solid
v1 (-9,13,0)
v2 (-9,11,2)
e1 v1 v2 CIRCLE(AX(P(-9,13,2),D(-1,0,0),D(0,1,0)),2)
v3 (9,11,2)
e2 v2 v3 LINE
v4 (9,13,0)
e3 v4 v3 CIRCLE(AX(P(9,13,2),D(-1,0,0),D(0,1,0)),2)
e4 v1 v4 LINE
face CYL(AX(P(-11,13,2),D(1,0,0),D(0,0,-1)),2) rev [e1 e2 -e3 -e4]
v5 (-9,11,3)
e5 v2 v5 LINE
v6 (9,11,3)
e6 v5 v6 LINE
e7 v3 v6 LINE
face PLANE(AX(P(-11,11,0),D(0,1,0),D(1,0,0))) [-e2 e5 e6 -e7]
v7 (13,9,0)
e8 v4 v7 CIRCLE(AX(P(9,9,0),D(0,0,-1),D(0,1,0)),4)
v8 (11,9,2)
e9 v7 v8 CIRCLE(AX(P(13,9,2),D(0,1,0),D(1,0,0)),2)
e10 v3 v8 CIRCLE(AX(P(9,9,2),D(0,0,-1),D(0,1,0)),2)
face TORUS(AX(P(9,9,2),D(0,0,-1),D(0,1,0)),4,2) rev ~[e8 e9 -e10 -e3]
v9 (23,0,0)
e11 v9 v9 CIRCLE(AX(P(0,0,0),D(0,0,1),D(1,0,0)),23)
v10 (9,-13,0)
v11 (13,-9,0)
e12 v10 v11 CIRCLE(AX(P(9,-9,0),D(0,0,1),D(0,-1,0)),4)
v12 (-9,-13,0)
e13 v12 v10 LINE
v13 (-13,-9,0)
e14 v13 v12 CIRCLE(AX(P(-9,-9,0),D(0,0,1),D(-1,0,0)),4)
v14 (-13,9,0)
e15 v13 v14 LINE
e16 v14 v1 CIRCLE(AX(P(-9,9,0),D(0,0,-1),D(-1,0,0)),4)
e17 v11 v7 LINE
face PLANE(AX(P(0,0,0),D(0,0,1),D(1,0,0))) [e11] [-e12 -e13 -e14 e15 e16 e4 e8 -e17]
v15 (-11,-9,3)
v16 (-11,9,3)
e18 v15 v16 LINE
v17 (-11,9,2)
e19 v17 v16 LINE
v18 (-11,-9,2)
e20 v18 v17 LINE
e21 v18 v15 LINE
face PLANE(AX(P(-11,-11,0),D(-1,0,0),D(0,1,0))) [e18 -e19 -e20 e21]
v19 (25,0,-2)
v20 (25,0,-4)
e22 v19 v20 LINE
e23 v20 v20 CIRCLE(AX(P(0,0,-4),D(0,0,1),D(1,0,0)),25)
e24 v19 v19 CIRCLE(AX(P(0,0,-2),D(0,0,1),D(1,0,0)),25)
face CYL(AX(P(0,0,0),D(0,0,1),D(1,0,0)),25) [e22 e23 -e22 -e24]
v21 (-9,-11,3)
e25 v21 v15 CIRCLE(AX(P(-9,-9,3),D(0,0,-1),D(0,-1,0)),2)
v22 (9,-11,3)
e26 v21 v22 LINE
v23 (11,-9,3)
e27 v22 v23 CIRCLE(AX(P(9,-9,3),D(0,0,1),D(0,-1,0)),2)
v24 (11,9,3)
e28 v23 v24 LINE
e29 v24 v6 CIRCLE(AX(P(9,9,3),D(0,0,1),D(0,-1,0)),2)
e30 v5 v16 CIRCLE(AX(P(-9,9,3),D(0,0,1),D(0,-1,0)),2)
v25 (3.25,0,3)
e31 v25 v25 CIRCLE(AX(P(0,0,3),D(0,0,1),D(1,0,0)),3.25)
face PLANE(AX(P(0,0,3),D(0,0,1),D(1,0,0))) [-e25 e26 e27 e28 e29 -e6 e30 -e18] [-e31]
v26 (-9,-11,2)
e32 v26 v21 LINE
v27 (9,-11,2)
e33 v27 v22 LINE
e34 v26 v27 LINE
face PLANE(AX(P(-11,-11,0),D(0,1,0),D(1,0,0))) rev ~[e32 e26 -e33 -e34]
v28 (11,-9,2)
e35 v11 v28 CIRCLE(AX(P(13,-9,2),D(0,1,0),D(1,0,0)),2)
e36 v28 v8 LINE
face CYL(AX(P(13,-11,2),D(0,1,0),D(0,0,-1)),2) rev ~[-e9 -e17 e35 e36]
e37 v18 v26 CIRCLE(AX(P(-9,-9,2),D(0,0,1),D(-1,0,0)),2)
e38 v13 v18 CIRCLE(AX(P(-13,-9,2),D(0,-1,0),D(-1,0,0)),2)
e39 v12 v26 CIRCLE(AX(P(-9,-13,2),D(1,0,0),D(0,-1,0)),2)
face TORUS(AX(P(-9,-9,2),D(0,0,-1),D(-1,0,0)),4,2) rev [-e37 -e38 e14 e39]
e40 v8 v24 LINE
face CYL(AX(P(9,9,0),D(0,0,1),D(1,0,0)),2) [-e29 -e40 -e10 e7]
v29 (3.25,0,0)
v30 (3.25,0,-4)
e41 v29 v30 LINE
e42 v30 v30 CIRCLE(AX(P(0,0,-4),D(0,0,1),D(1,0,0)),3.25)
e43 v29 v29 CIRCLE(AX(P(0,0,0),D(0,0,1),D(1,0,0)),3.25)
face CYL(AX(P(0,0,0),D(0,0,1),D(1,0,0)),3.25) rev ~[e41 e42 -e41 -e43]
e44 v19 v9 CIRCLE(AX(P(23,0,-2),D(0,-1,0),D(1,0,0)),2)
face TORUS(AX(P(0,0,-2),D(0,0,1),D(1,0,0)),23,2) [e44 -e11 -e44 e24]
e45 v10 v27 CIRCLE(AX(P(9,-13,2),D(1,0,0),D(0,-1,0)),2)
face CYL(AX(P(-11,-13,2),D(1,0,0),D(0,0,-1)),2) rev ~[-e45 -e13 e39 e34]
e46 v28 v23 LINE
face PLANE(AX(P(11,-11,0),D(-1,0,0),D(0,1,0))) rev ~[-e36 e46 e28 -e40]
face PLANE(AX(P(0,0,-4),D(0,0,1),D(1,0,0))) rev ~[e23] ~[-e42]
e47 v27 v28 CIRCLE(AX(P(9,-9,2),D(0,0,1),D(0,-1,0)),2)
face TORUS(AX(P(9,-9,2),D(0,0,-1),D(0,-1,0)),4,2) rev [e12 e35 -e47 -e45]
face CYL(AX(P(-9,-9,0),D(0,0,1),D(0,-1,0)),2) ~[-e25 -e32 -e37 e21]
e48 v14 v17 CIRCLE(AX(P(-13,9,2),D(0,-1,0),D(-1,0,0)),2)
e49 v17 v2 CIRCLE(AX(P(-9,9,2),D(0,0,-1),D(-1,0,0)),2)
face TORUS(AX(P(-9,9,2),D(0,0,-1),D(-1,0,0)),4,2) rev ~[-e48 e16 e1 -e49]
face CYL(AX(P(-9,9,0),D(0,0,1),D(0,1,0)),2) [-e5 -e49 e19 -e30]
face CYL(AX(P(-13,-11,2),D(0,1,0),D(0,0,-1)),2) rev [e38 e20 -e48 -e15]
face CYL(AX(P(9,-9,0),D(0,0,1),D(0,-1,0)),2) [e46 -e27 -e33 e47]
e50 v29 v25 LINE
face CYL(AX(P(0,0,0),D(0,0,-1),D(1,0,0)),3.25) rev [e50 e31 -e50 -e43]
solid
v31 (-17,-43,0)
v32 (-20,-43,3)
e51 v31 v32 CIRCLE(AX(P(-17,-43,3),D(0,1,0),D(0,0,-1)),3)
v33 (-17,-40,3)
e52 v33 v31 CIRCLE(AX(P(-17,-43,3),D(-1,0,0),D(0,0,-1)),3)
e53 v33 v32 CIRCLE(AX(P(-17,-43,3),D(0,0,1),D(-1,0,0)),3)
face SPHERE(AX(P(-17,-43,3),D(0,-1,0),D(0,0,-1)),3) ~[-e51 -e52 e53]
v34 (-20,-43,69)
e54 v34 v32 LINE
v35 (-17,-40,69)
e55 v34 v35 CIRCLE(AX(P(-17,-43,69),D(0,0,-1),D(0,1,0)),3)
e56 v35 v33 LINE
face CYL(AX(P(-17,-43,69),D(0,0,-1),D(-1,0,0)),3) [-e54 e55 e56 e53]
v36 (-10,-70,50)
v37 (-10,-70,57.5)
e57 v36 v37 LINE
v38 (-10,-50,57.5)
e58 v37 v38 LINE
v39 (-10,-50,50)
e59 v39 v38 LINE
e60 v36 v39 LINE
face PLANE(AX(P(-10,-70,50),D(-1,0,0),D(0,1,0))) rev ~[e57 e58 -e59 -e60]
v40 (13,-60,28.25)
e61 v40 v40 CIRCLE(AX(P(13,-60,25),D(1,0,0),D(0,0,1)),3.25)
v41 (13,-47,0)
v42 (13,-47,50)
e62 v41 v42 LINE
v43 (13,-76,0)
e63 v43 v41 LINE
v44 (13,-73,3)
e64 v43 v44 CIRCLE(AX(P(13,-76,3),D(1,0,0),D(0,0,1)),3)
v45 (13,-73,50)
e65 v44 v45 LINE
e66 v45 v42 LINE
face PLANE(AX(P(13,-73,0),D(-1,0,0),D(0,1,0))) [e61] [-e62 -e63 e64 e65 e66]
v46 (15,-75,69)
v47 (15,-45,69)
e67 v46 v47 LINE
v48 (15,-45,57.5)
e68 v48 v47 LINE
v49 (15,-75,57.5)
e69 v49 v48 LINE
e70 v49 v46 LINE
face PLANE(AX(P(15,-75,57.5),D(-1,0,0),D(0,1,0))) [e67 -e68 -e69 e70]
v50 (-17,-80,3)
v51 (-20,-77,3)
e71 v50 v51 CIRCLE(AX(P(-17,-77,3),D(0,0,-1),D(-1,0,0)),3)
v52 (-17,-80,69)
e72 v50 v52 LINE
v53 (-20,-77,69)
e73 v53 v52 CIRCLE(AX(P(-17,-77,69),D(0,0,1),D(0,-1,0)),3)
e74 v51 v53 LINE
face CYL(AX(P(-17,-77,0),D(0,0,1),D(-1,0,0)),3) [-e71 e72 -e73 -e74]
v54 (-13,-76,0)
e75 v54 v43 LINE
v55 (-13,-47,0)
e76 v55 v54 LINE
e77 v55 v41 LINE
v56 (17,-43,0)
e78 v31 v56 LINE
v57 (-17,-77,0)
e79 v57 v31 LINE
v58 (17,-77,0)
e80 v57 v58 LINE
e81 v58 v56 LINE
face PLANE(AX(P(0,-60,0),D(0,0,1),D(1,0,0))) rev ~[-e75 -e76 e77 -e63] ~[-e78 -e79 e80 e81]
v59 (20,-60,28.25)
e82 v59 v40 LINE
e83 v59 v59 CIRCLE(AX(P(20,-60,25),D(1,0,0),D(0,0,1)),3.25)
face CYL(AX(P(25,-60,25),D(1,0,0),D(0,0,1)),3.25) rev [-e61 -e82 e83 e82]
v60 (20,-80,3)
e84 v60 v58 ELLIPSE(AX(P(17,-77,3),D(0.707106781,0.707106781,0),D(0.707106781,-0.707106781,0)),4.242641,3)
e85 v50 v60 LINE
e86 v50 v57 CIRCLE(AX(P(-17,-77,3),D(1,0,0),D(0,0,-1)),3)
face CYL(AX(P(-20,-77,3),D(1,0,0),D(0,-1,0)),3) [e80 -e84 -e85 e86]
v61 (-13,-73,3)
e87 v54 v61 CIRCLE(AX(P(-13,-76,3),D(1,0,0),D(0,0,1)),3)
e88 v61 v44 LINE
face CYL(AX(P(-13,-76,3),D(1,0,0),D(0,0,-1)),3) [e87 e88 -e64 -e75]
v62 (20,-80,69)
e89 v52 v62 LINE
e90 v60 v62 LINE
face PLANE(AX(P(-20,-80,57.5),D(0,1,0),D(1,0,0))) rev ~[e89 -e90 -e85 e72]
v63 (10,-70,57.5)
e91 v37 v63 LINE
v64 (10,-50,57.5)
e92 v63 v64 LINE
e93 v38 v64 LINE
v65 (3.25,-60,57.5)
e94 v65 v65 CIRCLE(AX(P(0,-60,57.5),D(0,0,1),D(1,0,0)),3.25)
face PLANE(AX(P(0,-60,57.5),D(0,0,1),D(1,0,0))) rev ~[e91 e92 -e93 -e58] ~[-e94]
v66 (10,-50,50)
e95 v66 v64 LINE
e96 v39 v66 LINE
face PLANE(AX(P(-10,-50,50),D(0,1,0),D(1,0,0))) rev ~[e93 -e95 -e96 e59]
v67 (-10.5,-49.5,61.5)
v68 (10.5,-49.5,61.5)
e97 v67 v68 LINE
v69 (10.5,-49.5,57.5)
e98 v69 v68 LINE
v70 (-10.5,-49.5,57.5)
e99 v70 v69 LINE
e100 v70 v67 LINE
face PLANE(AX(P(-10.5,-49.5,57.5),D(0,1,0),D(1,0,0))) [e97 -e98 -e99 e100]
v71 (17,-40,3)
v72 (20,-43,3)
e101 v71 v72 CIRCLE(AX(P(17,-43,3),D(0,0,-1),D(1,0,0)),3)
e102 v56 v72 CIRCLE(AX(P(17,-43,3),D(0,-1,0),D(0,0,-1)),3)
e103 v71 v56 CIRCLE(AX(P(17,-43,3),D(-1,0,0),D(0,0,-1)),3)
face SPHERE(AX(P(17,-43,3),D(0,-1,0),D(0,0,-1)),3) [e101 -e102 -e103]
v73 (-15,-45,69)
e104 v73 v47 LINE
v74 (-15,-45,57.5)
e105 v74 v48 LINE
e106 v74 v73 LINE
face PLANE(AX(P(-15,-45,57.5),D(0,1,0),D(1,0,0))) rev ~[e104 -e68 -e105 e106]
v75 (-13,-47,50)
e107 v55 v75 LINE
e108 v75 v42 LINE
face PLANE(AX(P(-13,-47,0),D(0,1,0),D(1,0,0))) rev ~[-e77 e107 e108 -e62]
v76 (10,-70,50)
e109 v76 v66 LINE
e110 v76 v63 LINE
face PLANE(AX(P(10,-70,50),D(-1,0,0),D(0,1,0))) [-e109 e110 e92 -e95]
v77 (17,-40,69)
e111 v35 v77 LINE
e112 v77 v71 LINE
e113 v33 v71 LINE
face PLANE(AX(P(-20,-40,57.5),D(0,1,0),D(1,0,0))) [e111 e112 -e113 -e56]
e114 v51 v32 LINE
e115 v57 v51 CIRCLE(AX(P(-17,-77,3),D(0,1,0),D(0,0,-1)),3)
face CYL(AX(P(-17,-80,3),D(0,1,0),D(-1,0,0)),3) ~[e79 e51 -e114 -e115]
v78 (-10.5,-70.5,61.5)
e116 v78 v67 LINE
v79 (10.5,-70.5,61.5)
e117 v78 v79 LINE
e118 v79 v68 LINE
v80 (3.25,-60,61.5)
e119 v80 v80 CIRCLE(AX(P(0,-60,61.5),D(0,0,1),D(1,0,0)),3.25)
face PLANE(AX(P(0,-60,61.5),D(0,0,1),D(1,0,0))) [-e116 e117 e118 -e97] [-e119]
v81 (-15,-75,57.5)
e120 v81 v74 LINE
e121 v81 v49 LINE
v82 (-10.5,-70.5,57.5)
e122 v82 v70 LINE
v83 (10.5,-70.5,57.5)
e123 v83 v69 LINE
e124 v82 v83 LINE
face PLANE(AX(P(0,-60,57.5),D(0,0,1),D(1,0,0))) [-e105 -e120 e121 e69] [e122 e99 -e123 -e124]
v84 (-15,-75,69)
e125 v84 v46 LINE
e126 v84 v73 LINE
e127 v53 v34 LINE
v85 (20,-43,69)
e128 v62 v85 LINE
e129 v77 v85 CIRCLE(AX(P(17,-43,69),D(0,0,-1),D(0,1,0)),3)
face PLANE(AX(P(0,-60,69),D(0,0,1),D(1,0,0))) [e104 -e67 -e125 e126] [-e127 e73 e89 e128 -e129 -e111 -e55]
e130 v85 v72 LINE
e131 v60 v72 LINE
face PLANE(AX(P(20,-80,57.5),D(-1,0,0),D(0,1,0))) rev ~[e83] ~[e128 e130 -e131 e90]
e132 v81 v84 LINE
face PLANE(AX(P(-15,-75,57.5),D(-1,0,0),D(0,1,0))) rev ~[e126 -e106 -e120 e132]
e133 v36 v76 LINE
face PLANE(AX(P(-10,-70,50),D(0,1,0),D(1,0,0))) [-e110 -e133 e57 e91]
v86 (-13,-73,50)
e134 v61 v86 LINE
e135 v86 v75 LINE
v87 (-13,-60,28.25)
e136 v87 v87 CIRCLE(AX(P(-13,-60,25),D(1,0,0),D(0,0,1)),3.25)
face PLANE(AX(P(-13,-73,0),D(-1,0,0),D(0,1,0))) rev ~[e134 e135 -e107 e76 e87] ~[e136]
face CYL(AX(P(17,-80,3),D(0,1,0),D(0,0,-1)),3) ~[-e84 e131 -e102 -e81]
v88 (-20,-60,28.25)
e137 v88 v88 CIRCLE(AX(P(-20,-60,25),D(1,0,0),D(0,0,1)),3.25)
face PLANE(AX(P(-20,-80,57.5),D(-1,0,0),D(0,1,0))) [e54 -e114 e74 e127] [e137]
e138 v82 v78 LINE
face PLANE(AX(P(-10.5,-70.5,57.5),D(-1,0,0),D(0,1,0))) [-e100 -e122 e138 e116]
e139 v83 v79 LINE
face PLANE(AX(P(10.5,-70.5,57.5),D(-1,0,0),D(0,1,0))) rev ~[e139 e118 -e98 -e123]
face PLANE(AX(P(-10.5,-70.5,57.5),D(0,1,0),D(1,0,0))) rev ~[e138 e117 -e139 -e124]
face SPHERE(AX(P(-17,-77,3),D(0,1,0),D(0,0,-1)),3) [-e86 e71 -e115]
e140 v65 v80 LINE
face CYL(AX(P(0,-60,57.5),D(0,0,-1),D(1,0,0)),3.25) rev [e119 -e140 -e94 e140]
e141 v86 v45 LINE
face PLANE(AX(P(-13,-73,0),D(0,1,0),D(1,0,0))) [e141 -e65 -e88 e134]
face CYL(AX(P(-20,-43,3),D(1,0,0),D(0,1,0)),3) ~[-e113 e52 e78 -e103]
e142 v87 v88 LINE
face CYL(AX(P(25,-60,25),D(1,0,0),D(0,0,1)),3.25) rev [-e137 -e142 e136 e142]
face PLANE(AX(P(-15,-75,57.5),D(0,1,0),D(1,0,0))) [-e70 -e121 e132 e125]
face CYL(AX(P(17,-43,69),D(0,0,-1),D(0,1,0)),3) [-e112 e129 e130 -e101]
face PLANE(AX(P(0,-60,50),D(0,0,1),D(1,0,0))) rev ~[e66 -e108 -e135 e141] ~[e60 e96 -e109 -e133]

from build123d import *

# Parameters (mm, degrees)
SKETCH001_R      = 25
SKETCH001_R_2    = 3.25
EXTRUDE001_DEPTH = 4
SKETCH_W         = 22
SKETCH_H         = 22
SKETCH_R         = 3.25
EXTRUDE_DEPTH    = 3
FILLET_R         = 2
CYLINDER_R       = 3.25
CYLINDER_DEPTH   = 60
SKETCH003_W      = 40
SKETCH003_H      = 40
SKETCH003_W_2    = 26
SKETCH003_H_2    = 26
EXTRUDE003_DEPTH = 50
SKETCH004_W      = 40
SKETCH004_H      = 40
SKETCH004_W_2    = 20
SKETCH004_H_2    = 20
EXTRUDE004_DEPTH = 7.5
SKETCH006_W      = 40
SKETCH006_H      = 40
SKETCH006_W_2    = 30
SKETCH006_H_2    = 30
EXTRUDE005_DEPTH = 11.5
SKETCH002_W      = 21
SKETCH002_H      = 21
SKETCH002_R      = 3.25
EXTRUDE002_DEPTH = 4
FILLET001_R      = 3


with BuildPart() as diskmount:
    # Sketch001 → Extrude001 (new body)
    with BuildSketch(Plane.XY):
        Circle(SKETCH001_R)
        Circle(SKETCH001_R_2, mode=Mode.SUBTRACT)
    extrude(amount=-EXTRUDE001_DEPTH)


with BuildPart() as panelbasemount_fillet:
    # Sketch → Extrude (new body)
    with BuildSketch(Plane.XY):
        Rectangle(SKETCH_W, SKETCH_H)
        Circle(SKETCH_R, mode=Mode.SUBTRACT)
    extrude(amount=EXTRUDE_DEPTH)

    # Fusion: union diskMount
    add(diskmount.part)

    # Fillet
    fillet_edges = [panelbasemount_fillet.edges().sort_by_distance(p)[0] for p in [
        (-11, 11, 1.5),
        (-11, -11, 1.5),
        (-11, 0, 0),
        (11, 11, 1.5),
        (0, 11, 0),
        (11, -11, 1.5),
        (0, -11, 0),
        (-25, 0, 0),
        (11, 0, 0),
    ]]
    fillet(fillet_edges, radius=FILLET_R)


with BuildPart() as cylinder:
    # Cylinder → Cylinder (new body)
    with BuildSketch(Plane(origin=(25, -60, 25), x_dir=(0, 0, 1), z_dir=(-1, 0, 0))):
        Circle(CYLINDER_R)
    extrude(amount=CYLINDER_DEPTH)


with BuildPart() as tslotmount:
    # Sketch003 → Extrude003 (new body)
    with BuildSketch(Plane(origin=(0, -60, 0), x_dir=(1, 0, 0), z_dir=(0, 0, 1))):
        Rectangle(SKETCH003_W, SKETCH003_H)
        Rectangle(SKETCH003_W_2, SKETCH003_H_2, mode=Mode.SUBTRACT)
    extrude(amount=EXTRUDE003_DEPTH)


with BuildPart() as separator:
    # Sketch004 → Extrude004 (new body)
    with BuildSketch(Plane.XY.offset(50)):
        Rectangle(SKETCH004_W, SKETCH004_H)
        Rectangle(SKETCH004_W_2, SKETCH004_H_2, mode=Mode.SUBTRACT)
    extrude(amount=EXTRUDE004_DEPTH)


with BuildPart() as separator_1:
    # Extrude004 placement: moved
    add(separator.part.moved(Location((0, -60, 0))))


with BuildPart() as rotatebasemount:
    # Sketch006 → Extrude005 (new body)
    with BuildSketch(Plane(origin=(0, -60, 57.5), x_dir=(1, 0, 0), z_dir=(0, 0, 1))):
        Rectangle(SKETCH006_W, SKETCH006_H)
        Rectangle(SKETCH006_W_2, SKETCH006_H_2, mode=Mode.SUBTRACT)
    extrude(amount=EXTRUDE005_DEPTH)


with BuildPart() as tslotmount001:
    # Sketch002 → Extrude002 (new body)
    with BuildSketch(Plane(origin=(0, -60, 57.5), x_dir=(1, 0, 0), z_dir=(0, 0, 1))):
        Rectangle(SKETCH002_W, SKETCH002_H)
        Circle(SKETCH002_R, mode=Mode.SUBTRACT)
    extrude(amount=EXTRUDE002_DEPTH)

    # Fusion001: union tSlotMount, separator, rotateBaseMount
    add(tslotmount.part)
    add(separator_1.part)
    add(rotatebasemount.part)

    # Cut: cut Cylinder
    add(cylinder.part, mode=Mode.SUBTRACT)

    # Fillet001
    fillet001_edges = [tslotmount001.edges().sort_by_distance(p)[0] for p in [
        (-20, -60, 0),
        (0, -80, 0),
        (20, -60, 0),
        (0, -40, 0),
        (-20, -40, 34.5),
        (-20, -80, 34.5),
        (0, -73, 0),
        (20, -40, 34.5),
    ]]
    fillet(fillet001_edges, radius=FILLET001_R)


solid = Compound([panelbasemount_fillet.part, tslotmount001.part])
